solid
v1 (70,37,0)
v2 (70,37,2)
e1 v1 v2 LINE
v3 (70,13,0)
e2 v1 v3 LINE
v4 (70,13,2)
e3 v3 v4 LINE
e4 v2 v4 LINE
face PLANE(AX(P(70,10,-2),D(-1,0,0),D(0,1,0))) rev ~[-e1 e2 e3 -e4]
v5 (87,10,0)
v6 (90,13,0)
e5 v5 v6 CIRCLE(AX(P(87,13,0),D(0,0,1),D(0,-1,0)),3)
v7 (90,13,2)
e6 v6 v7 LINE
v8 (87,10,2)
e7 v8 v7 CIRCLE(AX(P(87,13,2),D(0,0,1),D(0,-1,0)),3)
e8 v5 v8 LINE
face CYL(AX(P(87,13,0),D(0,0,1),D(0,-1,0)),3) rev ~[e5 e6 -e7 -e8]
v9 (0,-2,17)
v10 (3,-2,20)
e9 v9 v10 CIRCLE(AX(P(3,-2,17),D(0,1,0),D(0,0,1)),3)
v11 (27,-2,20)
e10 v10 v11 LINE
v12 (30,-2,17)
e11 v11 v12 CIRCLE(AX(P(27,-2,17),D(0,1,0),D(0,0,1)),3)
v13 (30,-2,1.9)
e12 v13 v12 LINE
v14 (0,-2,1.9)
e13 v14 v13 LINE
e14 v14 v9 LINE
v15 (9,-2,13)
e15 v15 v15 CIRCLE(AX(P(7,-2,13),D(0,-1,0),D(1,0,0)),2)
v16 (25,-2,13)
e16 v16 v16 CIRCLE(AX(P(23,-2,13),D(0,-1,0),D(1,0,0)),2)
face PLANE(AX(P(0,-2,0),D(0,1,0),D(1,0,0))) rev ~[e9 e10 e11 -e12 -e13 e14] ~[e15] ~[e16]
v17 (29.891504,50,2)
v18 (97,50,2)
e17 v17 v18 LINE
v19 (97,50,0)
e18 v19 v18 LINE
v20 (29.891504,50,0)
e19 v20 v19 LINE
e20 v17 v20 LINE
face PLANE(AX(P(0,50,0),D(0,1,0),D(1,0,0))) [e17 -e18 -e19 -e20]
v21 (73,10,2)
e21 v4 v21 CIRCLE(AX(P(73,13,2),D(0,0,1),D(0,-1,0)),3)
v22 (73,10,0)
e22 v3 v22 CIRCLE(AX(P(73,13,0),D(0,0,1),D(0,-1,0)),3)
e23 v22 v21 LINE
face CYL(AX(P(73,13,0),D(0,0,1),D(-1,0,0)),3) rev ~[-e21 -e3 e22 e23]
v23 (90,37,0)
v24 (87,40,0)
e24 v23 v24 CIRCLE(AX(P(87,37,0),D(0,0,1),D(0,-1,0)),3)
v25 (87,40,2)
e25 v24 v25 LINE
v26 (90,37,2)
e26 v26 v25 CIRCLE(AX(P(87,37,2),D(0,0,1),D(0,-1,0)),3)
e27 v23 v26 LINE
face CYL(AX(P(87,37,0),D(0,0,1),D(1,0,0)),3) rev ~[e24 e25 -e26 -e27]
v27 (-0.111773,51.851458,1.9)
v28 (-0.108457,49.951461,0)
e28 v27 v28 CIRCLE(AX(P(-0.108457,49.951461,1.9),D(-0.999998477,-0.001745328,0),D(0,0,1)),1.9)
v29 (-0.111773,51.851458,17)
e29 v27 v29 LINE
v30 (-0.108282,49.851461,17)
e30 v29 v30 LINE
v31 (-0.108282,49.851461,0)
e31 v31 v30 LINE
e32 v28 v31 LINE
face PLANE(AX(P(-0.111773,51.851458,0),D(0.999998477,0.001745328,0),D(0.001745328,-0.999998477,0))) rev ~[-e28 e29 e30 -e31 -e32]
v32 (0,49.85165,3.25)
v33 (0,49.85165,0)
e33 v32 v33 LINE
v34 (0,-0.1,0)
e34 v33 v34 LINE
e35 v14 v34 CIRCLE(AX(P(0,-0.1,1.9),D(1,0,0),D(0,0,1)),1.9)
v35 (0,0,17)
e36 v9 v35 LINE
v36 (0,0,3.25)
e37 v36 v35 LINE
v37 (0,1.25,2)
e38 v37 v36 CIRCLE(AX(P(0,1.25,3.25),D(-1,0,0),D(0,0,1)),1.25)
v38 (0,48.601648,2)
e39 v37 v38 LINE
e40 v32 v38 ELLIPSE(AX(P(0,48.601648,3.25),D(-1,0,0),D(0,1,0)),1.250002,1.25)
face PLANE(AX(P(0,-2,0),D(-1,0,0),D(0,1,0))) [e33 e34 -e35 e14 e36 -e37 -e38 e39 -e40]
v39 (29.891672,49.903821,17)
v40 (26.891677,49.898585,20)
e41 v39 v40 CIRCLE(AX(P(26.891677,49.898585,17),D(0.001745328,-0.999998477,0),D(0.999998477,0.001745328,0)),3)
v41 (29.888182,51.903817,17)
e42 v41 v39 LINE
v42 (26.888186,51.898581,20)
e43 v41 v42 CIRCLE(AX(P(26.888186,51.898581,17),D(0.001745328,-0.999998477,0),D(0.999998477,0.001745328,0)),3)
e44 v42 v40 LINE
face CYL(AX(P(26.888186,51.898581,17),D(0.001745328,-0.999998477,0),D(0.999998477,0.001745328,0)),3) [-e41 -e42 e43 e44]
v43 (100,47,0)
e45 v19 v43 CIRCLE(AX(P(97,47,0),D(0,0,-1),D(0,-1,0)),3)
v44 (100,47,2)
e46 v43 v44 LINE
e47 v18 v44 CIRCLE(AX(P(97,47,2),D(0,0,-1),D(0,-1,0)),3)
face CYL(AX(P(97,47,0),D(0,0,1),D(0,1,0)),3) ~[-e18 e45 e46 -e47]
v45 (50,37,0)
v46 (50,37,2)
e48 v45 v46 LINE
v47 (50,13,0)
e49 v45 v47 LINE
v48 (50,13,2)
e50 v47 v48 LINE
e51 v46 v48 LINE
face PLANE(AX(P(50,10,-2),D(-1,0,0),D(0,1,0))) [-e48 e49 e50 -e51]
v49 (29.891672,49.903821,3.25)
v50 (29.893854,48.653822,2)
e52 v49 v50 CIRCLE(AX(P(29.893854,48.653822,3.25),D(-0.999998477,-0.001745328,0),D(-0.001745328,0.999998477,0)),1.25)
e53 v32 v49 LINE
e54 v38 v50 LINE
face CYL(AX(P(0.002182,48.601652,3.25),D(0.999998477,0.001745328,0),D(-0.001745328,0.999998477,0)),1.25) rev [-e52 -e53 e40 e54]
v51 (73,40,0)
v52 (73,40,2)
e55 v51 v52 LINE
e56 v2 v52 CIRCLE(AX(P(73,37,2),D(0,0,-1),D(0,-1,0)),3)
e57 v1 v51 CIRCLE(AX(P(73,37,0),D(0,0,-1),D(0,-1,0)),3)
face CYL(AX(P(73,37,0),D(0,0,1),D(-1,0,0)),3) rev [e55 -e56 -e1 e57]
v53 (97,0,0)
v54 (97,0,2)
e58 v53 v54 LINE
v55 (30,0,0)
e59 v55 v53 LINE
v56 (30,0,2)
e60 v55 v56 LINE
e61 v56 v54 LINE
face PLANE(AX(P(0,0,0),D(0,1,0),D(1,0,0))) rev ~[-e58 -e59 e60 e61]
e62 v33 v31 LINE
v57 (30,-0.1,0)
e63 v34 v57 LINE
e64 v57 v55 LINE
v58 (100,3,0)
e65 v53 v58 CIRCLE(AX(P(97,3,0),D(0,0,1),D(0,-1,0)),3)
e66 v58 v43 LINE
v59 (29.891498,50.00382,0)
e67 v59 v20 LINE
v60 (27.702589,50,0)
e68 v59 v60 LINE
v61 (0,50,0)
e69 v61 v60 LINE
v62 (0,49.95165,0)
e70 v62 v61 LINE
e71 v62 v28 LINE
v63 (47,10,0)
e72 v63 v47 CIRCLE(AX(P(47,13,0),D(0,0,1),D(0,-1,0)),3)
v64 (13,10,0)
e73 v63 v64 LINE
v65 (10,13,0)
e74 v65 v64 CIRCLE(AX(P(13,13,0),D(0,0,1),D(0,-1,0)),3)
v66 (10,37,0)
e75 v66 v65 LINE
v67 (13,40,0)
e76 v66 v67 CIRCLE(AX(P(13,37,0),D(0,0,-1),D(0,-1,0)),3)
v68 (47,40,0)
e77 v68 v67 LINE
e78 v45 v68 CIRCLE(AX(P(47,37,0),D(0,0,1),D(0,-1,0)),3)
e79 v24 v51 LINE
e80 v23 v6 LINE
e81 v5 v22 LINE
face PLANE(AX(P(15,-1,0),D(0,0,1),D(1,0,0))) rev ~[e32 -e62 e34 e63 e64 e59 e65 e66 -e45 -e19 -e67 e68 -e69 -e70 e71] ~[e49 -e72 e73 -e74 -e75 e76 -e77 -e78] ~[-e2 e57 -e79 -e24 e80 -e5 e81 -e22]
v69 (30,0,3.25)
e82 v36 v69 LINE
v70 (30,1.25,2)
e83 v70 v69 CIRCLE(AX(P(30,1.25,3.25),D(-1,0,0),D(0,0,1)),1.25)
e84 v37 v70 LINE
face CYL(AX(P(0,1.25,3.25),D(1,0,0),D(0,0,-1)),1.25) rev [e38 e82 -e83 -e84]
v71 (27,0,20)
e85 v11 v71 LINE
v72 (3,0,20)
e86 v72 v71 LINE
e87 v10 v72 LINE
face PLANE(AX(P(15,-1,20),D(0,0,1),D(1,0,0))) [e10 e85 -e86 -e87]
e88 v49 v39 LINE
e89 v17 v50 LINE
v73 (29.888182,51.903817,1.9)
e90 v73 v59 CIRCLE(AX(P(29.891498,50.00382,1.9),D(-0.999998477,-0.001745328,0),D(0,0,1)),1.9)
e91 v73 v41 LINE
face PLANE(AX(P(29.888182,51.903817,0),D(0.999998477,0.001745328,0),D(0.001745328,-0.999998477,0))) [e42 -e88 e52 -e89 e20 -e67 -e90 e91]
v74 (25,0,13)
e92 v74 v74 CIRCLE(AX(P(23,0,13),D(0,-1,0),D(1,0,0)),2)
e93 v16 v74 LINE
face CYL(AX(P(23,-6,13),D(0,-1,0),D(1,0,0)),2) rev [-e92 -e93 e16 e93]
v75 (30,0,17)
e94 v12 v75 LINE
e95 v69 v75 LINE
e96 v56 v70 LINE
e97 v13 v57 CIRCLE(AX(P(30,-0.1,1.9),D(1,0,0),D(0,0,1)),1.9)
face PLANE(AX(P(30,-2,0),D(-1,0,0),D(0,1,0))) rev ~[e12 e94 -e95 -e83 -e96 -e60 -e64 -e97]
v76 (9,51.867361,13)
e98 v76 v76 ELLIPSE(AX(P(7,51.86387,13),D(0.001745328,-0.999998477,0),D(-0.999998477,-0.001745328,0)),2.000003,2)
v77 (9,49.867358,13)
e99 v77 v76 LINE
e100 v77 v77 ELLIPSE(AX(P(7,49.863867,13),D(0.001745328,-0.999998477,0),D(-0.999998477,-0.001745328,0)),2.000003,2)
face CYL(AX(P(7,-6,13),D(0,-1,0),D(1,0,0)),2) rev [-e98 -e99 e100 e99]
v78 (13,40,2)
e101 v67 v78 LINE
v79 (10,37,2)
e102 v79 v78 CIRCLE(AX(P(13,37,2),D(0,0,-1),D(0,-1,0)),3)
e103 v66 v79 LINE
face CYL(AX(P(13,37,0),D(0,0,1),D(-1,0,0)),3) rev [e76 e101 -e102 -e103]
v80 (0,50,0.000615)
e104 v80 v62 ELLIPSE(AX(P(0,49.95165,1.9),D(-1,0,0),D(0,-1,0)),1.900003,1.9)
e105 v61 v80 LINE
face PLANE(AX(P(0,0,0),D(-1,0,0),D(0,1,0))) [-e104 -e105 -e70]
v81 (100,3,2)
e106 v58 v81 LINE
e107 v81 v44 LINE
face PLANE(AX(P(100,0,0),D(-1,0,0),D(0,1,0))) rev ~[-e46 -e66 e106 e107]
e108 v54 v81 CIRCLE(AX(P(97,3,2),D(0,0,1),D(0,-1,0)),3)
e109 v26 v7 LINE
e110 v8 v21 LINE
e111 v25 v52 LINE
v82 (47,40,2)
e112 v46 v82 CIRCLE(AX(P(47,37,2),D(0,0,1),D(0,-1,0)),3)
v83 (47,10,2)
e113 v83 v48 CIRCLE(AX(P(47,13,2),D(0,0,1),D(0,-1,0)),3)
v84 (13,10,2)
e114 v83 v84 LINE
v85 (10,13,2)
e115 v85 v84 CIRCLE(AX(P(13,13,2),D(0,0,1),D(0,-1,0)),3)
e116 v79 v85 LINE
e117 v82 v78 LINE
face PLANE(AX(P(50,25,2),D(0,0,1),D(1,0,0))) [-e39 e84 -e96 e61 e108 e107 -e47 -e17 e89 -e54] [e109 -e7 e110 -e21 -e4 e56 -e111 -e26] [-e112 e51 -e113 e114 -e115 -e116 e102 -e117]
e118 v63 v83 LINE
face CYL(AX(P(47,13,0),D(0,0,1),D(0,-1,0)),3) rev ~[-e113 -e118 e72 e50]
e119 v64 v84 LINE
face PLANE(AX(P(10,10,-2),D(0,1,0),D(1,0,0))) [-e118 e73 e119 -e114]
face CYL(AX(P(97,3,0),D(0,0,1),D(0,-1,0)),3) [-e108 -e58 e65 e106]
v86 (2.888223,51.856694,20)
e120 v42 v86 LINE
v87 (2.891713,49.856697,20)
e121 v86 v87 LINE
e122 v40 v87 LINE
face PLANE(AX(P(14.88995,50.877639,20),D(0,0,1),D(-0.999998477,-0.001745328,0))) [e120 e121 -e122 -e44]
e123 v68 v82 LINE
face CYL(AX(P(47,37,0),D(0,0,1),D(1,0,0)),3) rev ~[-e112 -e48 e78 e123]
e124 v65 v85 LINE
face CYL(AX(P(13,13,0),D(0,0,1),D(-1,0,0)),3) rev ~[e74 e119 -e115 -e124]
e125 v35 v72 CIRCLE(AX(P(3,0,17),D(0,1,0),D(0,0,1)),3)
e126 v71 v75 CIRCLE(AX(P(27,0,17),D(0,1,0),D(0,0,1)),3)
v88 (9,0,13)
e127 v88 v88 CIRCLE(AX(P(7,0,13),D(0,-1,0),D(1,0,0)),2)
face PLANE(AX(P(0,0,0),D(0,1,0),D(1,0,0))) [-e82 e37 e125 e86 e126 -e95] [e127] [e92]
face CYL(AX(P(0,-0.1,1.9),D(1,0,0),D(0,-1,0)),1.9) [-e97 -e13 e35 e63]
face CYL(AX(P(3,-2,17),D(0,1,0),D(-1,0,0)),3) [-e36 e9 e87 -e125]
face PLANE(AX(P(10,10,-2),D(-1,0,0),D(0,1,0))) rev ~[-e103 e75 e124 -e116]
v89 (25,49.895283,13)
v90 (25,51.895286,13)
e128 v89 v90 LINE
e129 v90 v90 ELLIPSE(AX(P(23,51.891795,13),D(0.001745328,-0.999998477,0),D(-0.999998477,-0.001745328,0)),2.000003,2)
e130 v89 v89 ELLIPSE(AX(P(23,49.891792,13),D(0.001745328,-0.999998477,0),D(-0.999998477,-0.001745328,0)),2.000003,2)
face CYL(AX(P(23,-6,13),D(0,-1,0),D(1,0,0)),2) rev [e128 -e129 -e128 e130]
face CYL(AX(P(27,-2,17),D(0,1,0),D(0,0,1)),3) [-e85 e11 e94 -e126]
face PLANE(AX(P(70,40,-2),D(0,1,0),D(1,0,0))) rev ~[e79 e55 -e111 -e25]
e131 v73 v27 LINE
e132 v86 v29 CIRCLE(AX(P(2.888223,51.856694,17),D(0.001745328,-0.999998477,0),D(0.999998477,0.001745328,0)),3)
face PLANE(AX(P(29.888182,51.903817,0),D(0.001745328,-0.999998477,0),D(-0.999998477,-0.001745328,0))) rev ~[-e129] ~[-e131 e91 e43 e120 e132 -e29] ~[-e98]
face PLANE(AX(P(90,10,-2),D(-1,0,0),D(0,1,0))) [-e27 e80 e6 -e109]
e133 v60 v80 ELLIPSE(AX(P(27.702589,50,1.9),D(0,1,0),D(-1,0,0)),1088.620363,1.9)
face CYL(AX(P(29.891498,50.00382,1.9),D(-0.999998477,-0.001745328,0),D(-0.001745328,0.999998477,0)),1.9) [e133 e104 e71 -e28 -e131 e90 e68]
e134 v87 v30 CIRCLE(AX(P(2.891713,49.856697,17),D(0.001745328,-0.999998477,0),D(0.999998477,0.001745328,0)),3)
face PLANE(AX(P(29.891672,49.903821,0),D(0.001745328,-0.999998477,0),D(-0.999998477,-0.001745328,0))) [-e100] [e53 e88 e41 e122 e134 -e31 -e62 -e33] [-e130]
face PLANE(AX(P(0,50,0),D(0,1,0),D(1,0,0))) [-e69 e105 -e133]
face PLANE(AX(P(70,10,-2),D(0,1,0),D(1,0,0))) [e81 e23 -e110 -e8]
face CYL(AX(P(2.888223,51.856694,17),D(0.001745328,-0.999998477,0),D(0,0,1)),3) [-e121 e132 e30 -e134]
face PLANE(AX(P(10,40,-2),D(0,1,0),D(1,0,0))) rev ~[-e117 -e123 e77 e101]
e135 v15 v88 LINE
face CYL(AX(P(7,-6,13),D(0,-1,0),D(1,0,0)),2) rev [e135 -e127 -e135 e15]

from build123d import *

# Parameters (mm, degrees)
CYLINDER_R                = 2
CYLINDER_DEPTH            = 60
CYLINDER001_R             = 2
CYLINDER001_DEPTH         = 60
BOX003_W                  = 30
BOX003_H                  = 2
BOX003_DEPTH              = 20
FILLET002_R               = 1.9
FILLET004_R               = 3
BOX004_W                  = 30
BOX004_H                  = 2
BOX004_DEPTH              = 20
FILLET003_R               = 1.9
FILLET003_PLACEMENT_ANGLE = 180.1
FILLET005_R               = 3
BOX001_W                  = 40
BOX001_H                  = 30
BOX001_DEPTH              = 10
BOX002_W                  = 20
BOX002_H                  = 30
BOX002_DEPTH              = 10
BOX_W                     = 100
BOX_H                     = 50
BOX_DEPTH                 = 2
FILLET_R                  = 3
FILLET001_R               = 3
FILLET006_R               = 1.25


with BuildPart() as cylinder:
    # Cylinder → Cylinder (new body)
    with BuildSketch(Plane(origin=(7, -6, 13), x_dir=(1, 0, 0), z_dir=(0, 1, 0))):
        Circle(CYLINDER_R)
    extrude(amount=CYLINDER_DEPTH)


with BuildPart() as fusion002:
    # Cylinder001 → Cylinder001 (new body)
    with BuildSketch(Plane(origin=(23, -6, 13), x_dir=(1, 0, 0), z_dir=(0, 1, 0))):
        Circle(CYLINDER001_R)
    extrude(amount=CYLINDER001_DEPTH)

    # Fusion002: union Cylinder
    add(cylinder.part)


with BuildPart() as fillet004:
    # Box003 → Box003 (new body)
    with BuildSketch(Plane(origin=(0, -1, 2), x_dir=(1, 0, 0), z_dir=(0, 0, 1))):
        with Locations((15, 1)):
            Rectangle(BOX003_W, BOX003_H)
    extrude(amount=BOX003_DEPTH)

    # Fillet002
    fillet002_edges = [fillet004.edges().sort_by_distance(p)[0] for p in [
        (15, -1, 2),
    ]]
    fillet(fillet002_edges, radius=FILLET002_R)


with BuildPart() as fillet004_1:
    # Fillet002 placement: moved
    add(fillet004.part.moved(Location((0, -1, -2))))

    # Fillet004
    fillet004_edges = [fillet004_1.edges().sort_by_distance(p)[0] for p in [
        (0, -1, 20),
        (30, -1, 20),
    ]]
    fillet(fillet004_edges, radius=FILLET004_R)


with BuildPart() as cut001:
    # Box004 → Box004 (new body)
    with BuildSketch(Plane(origin=(0, -1, 2), x_dir=(1, 0, 0), z_dir=(0, 0, 1))):
        with Locations((15, 1)):
            Rectangle(BOX004_W, BOX004_H)
    extrude(amount=BOX004_DEPTH)

    # Fillet003
    fillet003_edges = [cut001.edges().sort_by_distance(p)[0] for p in [
        (15, -1, 2),
    ]]
    fillet(fillet003_edges, radius=FILLET003_R)


with BuildPart() as cut001_1:
    # Fillet003 placement: moved
    add(cut001.part.moved(Location((29.889927, 50.903819, -2))).rotate(Axis((29.889927, 50.903819, -2), (0, 0, 1)), FILLET003_PLACEMENT_ANGLE))

    # Fillet005
    fillet005_edges = [cut001_1.edges().sort_by_distance(p)[0] for p in [
        (29.889927, 50.903819, 20),
        (-0.110027, 50.851459, 20),
    ]]
    fillet(fillet005_edges, radius=FILLET005_R)

    # Fusion001: union Fillet004
    add(fillet004_1.part)

    # Cut001: cut Fusion002
    add(fusion002.part, mode=Mode.SUBTRACT)


with BuildPart() as cube001:
    # Box001 → Box001 (new body)
    with BuildSketch(Plane(origin=(10, 10, -2), x_dir=(1, 0, 0), z_dir=(0, 0, 1))):
        with Locations((20, 15)):
            Rectangle(BOX001_W, BOX001_H)
    extrude(amount=BOX001_DEPTH)


with BuildPart() as fusion:
    # Box002 → Box002 (new body)
    with BuildSketch(Plane(origin=(70, 10, -2), x_dir=(1, 0, 0), z_dir=(0, 0, 1))):
        with Locations((10, 15)):
            Rectangle(BOX002_W, BOX002_H)
    extrude(amount=BOX002_DEPTH)

    # Fusion: union Cube001
    add(cube001.part)


with BuildPart() as fillet006:
    # Box → Box (new body)
    with BuildSketch(Plane.XY):
        with Locations((50, 25)):
            Rectangle(BOX_W, BOX_H)
    extrude(amount=BOX_DEPTH)

    # Cut: cut Fusion
    add(fusion.part, mode=Mode.SUBTRACT)

    # Fillet
    fillet_edges = [fillet006.edges().sort_by_distance(p)[0] for p in [
        (50, 10, 1),
        (10, 10, 1),
        (50, 40, 1),
        (10, 40, 1),
        (90, 10, 1),
        (70, 10, 1),
        (90, 40, 1),
        (70, 40, 1),
    ]]
    fillet(fillet_edges, radius=FILLET_R)

    # Fillet001
    fillet001_edges = [fillet006.edges().sort_by_distance(p)[0] for p in [
        (100, 50, 1),
        (100, 0, 1),
    ]]
    fillet(fillet001_edges, radius=FILLET001_R)

    # Fusion003: union Cut001
    add(cut001_1.part)

    # Fillet006
    fillet006_edges = [fillet006.edges().sort_by_distance(p)[0] for p in [
        (14.945836, 49.877735, 2),
        (15, 0, 2),
    ]]
    fillet(fillet006_edges, radius=FILLET006_R)


solid = fillet006.part
